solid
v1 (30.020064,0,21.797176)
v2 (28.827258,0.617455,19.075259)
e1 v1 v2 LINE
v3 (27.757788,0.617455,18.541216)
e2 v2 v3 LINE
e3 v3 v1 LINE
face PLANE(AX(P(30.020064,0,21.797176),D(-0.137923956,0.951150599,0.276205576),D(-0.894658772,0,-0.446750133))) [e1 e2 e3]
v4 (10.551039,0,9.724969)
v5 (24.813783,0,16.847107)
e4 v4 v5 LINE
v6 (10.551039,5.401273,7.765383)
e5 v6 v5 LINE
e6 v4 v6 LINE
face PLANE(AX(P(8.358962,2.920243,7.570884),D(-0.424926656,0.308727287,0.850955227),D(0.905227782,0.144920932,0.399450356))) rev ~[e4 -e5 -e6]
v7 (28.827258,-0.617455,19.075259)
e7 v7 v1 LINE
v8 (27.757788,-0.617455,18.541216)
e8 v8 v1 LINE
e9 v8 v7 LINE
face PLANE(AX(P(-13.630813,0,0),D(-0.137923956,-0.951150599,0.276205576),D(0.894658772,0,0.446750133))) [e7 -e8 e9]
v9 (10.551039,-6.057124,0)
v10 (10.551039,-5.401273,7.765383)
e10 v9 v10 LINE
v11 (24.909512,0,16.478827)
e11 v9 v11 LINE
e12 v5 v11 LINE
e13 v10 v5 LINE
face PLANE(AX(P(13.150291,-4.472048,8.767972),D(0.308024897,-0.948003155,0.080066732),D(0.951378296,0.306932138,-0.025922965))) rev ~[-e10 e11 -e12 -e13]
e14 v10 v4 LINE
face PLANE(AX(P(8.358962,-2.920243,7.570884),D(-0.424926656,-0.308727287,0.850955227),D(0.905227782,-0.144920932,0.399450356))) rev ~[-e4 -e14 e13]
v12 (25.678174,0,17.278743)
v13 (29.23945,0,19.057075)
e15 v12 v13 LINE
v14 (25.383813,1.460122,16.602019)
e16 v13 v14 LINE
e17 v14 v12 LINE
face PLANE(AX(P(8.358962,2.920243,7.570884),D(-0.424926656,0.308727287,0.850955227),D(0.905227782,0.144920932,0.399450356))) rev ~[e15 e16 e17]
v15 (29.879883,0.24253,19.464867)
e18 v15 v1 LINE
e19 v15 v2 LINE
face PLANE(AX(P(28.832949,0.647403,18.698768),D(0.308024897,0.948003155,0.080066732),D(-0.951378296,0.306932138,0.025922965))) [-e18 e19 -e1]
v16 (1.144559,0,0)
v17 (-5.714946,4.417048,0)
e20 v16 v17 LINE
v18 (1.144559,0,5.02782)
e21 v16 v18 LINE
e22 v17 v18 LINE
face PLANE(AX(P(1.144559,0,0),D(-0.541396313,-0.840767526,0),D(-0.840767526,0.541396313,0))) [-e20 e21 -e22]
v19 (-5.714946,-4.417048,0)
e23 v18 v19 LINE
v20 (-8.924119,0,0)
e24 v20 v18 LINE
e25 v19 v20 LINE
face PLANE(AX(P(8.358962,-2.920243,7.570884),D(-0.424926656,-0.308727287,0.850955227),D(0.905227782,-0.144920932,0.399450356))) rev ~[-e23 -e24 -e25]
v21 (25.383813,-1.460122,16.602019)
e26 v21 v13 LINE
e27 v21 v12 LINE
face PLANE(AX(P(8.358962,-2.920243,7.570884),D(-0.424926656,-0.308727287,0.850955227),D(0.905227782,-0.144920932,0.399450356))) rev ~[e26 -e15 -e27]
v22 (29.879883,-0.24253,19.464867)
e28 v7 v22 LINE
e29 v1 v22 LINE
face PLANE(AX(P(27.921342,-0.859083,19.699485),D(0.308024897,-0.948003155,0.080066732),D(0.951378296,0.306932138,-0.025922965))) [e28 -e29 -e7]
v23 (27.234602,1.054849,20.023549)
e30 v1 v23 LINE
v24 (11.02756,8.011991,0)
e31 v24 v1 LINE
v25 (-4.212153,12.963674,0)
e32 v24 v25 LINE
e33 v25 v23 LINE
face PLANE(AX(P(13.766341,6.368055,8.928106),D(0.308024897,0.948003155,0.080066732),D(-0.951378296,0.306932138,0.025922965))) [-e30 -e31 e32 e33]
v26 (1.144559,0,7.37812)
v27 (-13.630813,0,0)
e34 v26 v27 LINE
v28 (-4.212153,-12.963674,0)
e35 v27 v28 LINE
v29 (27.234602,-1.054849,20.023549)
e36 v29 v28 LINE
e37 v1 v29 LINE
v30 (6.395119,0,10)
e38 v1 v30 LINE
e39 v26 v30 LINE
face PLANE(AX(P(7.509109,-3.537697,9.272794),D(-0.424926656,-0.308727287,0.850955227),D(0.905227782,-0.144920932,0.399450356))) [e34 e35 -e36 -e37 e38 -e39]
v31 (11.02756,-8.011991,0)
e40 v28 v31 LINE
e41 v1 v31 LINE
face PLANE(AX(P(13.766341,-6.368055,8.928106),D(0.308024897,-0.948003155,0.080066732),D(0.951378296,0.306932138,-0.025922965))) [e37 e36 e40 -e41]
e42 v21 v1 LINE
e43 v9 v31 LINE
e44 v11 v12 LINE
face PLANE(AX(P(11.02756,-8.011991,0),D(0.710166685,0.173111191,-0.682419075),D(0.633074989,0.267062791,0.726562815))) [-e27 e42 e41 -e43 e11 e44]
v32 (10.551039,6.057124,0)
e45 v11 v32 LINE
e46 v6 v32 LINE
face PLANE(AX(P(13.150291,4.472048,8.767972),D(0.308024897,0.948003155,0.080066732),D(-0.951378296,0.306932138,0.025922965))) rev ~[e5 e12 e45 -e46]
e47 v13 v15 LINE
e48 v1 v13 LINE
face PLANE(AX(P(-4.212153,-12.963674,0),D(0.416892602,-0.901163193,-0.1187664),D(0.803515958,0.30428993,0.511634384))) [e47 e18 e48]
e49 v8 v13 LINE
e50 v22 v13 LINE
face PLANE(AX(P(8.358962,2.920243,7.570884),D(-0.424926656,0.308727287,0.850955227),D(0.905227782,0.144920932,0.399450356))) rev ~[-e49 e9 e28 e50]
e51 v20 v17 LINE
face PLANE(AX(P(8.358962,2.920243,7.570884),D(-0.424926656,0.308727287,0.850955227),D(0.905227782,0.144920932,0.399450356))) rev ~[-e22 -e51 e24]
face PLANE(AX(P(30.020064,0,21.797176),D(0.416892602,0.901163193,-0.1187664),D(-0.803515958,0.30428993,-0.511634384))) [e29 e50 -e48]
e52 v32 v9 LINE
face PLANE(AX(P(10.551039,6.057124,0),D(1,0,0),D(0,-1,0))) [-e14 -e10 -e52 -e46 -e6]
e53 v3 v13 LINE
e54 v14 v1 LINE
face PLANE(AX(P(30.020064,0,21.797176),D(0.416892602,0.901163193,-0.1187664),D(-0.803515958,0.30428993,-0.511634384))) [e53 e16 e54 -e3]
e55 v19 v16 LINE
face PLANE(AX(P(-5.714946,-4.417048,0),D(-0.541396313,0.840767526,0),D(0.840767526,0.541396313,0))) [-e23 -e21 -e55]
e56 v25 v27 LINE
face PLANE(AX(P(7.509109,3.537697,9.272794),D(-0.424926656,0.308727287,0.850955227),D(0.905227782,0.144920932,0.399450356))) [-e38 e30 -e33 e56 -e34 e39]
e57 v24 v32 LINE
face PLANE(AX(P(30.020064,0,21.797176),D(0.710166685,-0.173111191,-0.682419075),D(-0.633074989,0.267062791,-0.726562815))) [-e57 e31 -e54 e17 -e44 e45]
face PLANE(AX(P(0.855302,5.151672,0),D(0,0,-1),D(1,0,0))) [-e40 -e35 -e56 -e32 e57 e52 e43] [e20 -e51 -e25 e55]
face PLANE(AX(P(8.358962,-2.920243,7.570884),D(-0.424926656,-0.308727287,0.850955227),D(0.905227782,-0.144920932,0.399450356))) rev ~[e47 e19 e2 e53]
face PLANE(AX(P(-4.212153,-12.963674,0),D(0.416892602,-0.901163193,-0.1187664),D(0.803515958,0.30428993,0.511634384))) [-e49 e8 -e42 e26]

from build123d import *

# Parameters (mm, degrees)
F10_DEPTH = 2
F11_DEPTH = 2
F12_DEPTH = 2
F13_DEPTH = 2
F14_W     = 8.485019207
F14_H     = 5.5162683129
F15_DEPTH = 25.4
F16_W     = 22.2342889756
F16_H     = 4.6487008221
F17_DEPTH = 25.4
F18_W     = 7.9449899495
F18_H     = 7.2886322159
F19_DEPTH = 25.4
F20_W     = 5.9225577861
F20_H     = 11.3939000294
F21_DEPTH = 25.4
F22_DEPTH = 25.4
F24_DEPTH = 10
F25_W     = 57.7732250094
F25_H     = 30.5333668366
F26_DEPTH = 25.4
F27_W     = 39.3364997581
F27_H     = 21.5767812915
F28_DEPTH = 25.4


with BuildPart() as f10:
    # F9 (on 3pt) → F10 (new body)
    with BuildSketch(Plane(origin=(3.3858576339, 10.4205982991, 0.8801059814), x_dir=(-0.9513782964, 0.3069321376, 0.0259229655), z_dir=(0.308024897, 0.9480031547, 0.0800667316))):
        Polygon((7.9863190401, -1.0910055423), (-27.9953896476, 21.7198480533), (-8.0322433603, -0.6742785071), align=None)
    extrude(amount=-F10_DEPTH)

    # F7 (on 3pt) → F11 (join)
    with BuildSketch(Plane(origin=(-2.4612159584, 1.7881780643, 4.9288143129), x_dir=(0.9052277817, 0.144920932, 0.3994503557), z_dir=(-0.4249266563, 0.3087272871, 0.8509552274))):
        Polygon((35.8818855958, -7.4339114282), (-1.9342501918, 12.1864421859), (-12.3389909213, 0), align=None)
    extrude(amount=-F11_DEPTH)

    # F6 (on 3pt) → F12 (join)
    with BuildSketch(Plane(origin=(-2.4612159584, -1.7881780643, 4.9288143129), x_dir=(0.9052277817, -0.144920932, 0.3994503557), z_dir=(-0.4249266563, -0.3087272871, 0.8509552274))):
        Polygon((-1.9342501918, -12.1864421859), (35.8818855958, 7.4339114282), (-12.3389909213, 0), align=None)
    extrude(amount=-F12_DEPTH)

    # F5 (on face) → F13 (join)
    with BuildSketch(Plane(origin=(3.3858576339, -10.4205982991, 0.8801059814), x_dir=(0.9513782964, 0.3069321376, -0.0259229655), z_dir=(0.308024897, -0.9480031547, 0.0800667316))):
        Polygon((8.0322433603, -0.6742785071), (27.9953896476, 21.7198480533), (-7.9863190401, -1.0910055423), align=None)
    extrude(amount=-F13_DEPTH)

    # F14 (on face) → F15 (cut)
    with BuildSketch(Plane(origin=(3.3858576339, -10.4205982991, 0.8801059814), x_dir=(0.9513782964, 0.3069321376, -0.0259229655), z_dir=(0.308024897, -0.9480031547, 0.0800667316))):
        with Locations((25.7894098759, 19.5572990924)):
            Rectangle(F14_W, F14_H)
    extrude(amount=F15_DEPTH, mode=Mode.SUBTRACT)

    # F16 (on face) → F17 (cut)
    with BuildSketch(Plane(origin=(-2.4612159584, 1.7881780643, 4.9288143129), x_dir=(0.9052277817, 0.144920932, 0.3994503557), z_dir=(-0.4249266563, 0.3087272871, 0.8509552274))):
        with Locations((32.4524613097, -6.6612462979)):
            Rectangle(F16_W, F16_H)
    extrude(amount=F17_DEPTH, mode=Mode.SUBTRACT)

    # F18 (on face) → F19 (cut)
    with BuildSketch(Plane(origin=(-2.4612159584, -1.7881780643, 4.9288143129), x_dir=(0.9052277817, -0.144920932, 0.3994503557), z_dir=(-0.4249266563, -0.3087272871, 0.8509552274))):
        with Locations((35.5167929083, 5.7378442725)):
            Rectangle(F18_W, F18_H)
    extrude(amount=F19_DEPTH, mode=Mode.SUBTRACT)

    # F20 (on face) → F21 (cut)
    with BuildSketch(Plane(origin=(3.3858576339, 10.4205982991, 0.8801059814), x_dir=(-0.9513782964, 0.3069321376, 0.0259229655), z_dir=(0.308024897, 0.9480031547, 0.0800667316))):
        with Locations((-26.7476057634, 18.5779468156)):
            Rectangle(F20_W, F20_H)
    extrude(amount=F21_DEPTH, mode=Mode.SUBTRACT)

    # F0 (on Top) → F22 (cut)
    with BuildSketch(Plane.XY):
        Polygon((11.027559638, -8.0119910571), (11.027559638, 8.0119910571), (-4.2121529688, 12.963673848), (-13.6308133385, 0), (-4.2121529688, -12.963673848), align=None)
    extrude(amount=-F22_DEPTH, mode=Mode.SUBTRACT)

    # F23 (on face) → F24 (join)
    with BuildSketch(Plane(origin=(0, 0, 0), x_dir=(1, 0, 0), z_dir=(0, 0, -1))):
        Polygon((6.725183616, -3.5935375892), (1.1445587857, 0), (-5.7149456211, -4.4170478538), (-1.6444061956, -10.0196647256), (6.725183616, -7.3002201464), align=None)
        Polygon((-1.6444061956, 10.0196647256), (-5.7149456211, 4.4170478538), (1.1445587857, 0), (6.725183616, 3.5935375892), (6.725183616, 7.3002201464), align=None)
        Polygon((6.725183616, 3.5935375892), (1.1445587857, 0), (6.725183616, -3.5935375892), align=None)
        Polygon((6.725183616, 7.3002201464), (6.725183616, 3.5935375892), (10.5510387165, 6.0571244693), align=None)
        Polygon((6.725183616, 3.5935375892), (6.725183616, -3.5935375892), (10.5510387165, -6.0571244693), (10.5510387165, 6.0571244693), align=None)
        Polygon((10.5510387165, -6.0571244693), (6.725183616, -3.5935375892), (6.725183616, -7.3002201464), align=None)
    extrude(amount=-F24_DEPTH)

    # F25 (on face) → F26 (cut)
    with BuildSketch(Plane(origin=(-2.4612159584, 1.7881780643, 4.9288143129), x_dir=(0.9052277817, 0.144920932, 0.3994503557), z_dir=(-0.4249266563, 0.3087272871, 0.8509552274))):
        with Locations((7.6596103609, -0.1687561162)):
            Rectangle(F25_W, F25_H)
    extrude(amount=F26_DEPTH, mode=Mode.SUBTRACT)

    # F27 (on face) → F28 (cut)
    with BuildSketch(Plane(origin=(-2.4612159584, -1.7881780643, 4.9288143129), x_dir=(0.9052277817, -0.144920932, 0.3994503557), z_dir=(-0.4249266563, -0.3087272871, 0.8509552274))):
        with Locations((5.8207563125, -4.5227890369)):
            Rectangle(F27_W, F27_H)
    extrude(amount=F28_DEPTH, mode=Mode.SUBTRACT)


solid = f10.part
